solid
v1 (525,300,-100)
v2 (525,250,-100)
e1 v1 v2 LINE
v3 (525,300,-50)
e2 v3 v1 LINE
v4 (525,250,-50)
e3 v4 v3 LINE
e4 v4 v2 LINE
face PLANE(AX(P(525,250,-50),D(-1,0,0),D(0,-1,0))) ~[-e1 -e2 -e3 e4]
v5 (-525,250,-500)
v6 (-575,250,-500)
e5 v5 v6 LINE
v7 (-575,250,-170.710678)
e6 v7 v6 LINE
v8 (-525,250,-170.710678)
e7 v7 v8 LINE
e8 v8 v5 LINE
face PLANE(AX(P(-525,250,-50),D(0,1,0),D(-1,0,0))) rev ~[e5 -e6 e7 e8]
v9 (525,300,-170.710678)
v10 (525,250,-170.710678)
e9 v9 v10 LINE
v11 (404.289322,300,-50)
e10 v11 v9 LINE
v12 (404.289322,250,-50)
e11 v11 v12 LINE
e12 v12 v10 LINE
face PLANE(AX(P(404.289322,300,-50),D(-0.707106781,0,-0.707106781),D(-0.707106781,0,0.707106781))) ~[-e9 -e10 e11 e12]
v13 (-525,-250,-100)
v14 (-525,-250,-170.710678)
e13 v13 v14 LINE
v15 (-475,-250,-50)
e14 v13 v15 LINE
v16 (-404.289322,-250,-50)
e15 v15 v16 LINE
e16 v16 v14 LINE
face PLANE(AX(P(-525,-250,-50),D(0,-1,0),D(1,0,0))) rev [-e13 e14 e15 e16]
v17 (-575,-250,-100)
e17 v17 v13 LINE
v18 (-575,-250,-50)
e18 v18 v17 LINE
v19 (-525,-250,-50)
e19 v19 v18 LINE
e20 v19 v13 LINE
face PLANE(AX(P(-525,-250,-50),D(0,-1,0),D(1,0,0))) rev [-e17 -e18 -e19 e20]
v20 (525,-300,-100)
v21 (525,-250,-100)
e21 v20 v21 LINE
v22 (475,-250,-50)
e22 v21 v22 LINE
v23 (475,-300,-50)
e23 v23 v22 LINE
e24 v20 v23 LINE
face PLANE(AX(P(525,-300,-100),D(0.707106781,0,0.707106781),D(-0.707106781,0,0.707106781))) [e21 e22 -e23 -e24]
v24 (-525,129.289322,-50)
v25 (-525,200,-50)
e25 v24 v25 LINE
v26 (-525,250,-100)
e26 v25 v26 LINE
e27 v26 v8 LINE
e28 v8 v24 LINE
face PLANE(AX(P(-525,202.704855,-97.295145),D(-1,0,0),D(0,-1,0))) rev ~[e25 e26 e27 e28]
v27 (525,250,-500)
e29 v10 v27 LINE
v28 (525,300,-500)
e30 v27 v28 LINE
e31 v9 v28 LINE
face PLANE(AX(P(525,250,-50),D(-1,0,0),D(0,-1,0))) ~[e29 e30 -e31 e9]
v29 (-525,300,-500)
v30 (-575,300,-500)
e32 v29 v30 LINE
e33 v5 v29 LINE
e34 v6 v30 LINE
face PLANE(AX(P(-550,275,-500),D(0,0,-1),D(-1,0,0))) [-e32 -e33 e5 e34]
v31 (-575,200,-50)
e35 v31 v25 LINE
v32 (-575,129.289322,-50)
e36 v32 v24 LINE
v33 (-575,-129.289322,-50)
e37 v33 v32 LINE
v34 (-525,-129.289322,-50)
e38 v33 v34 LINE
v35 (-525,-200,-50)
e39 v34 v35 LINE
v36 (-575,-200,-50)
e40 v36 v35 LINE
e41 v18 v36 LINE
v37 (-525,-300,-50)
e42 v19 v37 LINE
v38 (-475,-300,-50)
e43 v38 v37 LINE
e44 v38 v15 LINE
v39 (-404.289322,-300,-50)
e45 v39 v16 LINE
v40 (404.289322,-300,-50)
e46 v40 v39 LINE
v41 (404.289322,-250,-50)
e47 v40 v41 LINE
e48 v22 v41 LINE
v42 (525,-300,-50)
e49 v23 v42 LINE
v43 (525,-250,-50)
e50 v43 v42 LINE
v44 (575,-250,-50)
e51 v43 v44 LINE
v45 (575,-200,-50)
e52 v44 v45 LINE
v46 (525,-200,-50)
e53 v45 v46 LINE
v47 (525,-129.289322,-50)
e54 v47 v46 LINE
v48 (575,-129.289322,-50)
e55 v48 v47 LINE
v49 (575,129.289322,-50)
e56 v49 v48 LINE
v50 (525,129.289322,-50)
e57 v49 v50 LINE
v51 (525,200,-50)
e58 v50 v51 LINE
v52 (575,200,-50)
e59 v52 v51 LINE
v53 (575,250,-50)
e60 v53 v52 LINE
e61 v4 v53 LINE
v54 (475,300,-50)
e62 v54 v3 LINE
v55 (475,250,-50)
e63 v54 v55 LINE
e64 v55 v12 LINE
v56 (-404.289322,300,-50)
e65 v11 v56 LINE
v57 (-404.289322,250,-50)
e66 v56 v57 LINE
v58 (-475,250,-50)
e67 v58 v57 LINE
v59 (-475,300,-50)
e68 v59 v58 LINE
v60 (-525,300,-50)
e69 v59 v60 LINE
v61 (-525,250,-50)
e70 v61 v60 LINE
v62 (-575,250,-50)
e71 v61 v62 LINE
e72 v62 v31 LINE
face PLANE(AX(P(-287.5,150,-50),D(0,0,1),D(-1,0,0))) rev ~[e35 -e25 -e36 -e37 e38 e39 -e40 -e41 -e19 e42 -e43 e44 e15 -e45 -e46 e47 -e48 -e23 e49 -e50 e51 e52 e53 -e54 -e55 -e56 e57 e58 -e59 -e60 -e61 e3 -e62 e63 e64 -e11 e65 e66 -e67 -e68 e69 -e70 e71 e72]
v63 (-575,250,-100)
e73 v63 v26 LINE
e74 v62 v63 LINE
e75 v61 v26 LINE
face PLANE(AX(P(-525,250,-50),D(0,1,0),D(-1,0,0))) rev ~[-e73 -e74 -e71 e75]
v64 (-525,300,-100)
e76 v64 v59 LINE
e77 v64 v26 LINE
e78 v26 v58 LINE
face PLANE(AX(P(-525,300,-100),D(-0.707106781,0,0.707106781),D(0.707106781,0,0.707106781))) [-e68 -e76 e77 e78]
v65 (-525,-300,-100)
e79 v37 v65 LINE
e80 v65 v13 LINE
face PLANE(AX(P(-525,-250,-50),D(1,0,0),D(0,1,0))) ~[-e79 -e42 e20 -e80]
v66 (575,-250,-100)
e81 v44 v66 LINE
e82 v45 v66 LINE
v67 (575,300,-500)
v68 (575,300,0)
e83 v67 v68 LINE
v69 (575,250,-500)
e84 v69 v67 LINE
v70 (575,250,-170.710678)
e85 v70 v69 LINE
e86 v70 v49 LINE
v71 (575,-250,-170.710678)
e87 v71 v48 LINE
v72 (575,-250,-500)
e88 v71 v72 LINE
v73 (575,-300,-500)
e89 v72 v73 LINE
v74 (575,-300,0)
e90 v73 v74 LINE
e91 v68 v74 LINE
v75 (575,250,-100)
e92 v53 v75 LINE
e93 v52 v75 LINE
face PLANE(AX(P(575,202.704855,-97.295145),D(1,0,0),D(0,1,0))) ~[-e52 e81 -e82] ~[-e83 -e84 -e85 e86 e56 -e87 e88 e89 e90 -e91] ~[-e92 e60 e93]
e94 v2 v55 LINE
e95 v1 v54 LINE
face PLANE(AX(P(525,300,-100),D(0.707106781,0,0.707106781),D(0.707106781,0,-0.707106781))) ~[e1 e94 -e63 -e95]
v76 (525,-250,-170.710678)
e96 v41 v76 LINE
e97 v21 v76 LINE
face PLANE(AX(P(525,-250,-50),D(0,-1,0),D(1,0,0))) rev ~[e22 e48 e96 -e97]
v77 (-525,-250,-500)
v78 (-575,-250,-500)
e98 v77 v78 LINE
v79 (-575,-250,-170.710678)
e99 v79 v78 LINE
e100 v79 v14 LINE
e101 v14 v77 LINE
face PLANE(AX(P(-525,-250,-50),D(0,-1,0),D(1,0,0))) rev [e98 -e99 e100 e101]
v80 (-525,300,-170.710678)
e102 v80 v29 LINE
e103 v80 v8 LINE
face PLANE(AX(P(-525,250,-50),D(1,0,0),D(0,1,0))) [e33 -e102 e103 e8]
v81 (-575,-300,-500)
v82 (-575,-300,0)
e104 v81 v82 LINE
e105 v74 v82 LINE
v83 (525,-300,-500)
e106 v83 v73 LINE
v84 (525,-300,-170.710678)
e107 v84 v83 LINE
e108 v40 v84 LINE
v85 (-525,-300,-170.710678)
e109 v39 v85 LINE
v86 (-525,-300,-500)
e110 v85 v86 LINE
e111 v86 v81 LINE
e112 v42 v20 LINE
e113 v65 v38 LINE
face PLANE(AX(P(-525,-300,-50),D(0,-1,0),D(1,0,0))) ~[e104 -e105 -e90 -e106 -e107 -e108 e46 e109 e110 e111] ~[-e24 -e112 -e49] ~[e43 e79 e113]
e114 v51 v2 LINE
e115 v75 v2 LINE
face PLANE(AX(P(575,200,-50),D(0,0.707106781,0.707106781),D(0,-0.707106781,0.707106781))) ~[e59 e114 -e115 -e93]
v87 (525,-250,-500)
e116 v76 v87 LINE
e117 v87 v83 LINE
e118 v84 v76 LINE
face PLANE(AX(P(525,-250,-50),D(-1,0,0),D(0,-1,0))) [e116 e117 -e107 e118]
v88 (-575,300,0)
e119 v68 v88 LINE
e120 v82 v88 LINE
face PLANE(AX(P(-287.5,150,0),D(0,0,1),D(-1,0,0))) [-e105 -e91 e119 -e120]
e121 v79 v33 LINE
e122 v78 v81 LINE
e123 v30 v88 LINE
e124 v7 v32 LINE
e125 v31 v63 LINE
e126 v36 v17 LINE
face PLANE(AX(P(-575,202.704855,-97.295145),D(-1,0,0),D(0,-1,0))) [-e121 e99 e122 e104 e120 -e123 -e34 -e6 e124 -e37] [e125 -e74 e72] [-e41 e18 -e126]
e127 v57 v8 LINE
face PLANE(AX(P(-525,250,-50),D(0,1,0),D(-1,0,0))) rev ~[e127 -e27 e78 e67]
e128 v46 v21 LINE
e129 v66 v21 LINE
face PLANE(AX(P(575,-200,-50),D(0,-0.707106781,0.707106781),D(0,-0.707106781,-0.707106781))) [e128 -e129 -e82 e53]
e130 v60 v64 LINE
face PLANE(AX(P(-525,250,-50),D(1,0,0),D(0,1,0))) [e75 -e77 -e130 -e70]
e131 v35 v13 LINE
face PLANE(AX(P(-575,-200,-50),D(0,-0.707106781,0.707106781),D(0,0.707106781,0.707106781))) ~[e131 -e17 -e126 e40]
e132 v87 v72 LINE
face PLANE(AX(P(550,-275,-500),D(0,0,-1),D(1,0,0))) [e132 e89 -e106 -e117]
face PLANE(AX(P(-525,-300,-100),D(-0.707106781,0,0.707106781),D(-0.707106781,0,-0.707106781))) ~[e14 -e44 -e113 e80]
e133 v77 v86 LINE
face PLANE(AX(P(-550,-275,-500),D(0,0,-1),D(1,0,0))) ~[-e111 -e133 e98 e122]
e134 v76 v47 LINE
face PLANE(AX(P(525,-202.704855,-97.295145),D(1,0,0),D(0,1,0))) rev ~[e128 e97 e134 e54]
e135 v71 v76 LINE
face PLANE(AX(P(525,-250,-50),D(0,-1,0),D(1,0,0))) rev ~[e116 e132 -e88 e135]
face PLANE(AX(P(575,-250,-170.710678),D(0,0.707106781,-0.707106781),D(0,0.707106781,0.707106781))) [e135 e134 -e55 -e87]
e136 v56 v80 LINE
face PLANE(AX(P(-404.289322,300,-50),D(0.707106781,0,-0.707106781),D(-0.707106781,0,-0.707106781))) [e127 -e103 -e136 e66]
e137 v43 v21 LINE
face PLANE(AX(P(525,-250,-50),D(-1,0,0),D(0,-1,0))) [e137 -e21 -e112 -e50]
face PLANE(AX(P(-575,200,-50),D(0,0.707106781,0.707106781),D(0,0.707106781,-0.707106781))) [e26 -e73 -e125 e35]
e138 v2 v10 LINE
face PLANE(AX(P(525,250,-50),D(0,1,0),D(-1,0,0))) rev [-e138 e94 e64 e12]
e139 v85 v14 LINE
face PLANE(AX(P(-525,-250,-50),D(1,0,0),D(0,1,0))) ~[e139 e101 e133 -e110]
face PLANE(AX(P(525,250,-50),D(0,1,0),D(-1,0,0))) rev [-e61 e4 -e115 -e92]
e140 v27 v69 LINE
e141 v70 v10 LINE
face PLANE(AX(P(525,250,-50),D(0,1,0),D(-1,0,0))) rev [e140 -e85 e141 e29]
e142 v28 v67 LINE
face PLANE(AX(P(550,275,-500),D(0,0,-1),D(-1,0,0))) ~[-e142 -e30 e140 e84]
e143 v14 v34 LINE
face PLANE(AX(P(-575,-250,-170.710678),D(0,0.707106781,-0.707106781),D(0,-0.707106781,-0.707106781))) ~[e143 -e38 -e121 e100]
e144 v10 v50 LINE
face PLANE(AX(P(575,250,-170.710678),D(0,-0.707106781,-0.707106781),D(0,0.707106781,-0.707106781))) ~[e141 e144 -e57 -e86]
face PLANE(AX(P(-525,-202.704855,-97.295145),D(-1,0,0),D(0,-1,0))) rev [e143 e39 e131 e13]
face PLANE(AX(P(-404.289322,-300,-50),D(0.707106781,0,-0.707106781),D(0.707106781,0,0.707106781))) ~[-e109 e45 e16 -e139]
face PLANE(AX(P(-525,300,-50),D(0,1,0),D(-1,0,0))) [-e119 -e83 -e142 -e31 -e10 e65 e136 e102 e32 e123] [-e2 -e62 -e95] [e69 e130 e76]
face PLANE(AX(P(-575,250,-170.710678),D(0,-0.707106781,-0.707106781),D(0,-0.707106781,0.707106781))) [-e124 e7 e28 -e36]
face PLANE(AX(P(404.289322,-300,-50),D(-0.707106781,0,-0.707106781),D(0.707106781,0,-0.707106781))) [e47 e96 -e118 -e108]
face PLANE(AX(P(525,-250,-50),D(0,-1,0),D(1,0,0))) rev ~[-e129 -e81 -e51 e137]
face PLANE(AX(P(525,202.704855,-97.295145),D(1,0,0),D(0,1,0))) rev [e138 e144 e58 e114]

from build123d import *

# Parameters (mm, degrees)
F0_W     = 575
F0_H     = 300
F1_DEPTH = 50
F2_W     = 50
F2_H     = 50
F3_DEPTH = 450
F5_DEPTH = 50
F7_DEPTH = 50


with BuildPart() as f1:
    # F0 (on Top) → F1 (new body)
    with BuildSketch(Plane.XY):
        with Locations((287.5, -150)):
            Rectangle(F0_W, F0_H)
    extrude(amount=-F1_DEPTH)

    # F2 (on face) → F3 (join)
    with BuildSketch(Plane(origin=(0, 0, -50), x_dir=(1, 0, 0), z_dir=(0, 0, -1))):
        with Locations((550, 275)):
            Rectangle(F2_W, F2_H)
    extrude(amount=F3_DEPTH)

    # F4 (on face) → F5 (join, through all)
    with BuildSketch(Plane.XZ.offset(300)):
        Polygon((525, -170.710678), (525, -100), (475, -50), (404.289322, -50), align=None)
    extrude(amount=-F5_DEPTH)

    # F6 (on face) → F7 (join, through all)
    with BuildSketch(Plane.YZ.offset(575)):
        Polygon((-200, -50), (-250, -100), (-250, -170.710678), (-129.289322, -50), align=None)
    extrude(amount=-F7_DEPTH)

    # F8: F1 across plane


with BuildPart() as f1_1:
    add(f1.part)
    add(f1.part.mirror(Plane.YZ))

    # F9: F1 across plane


with BuildPart() as f1_2:
    add(f1_1.part)
    add(f1_1.part.mirror(Plane.XZ))


solid = f1_2.part
